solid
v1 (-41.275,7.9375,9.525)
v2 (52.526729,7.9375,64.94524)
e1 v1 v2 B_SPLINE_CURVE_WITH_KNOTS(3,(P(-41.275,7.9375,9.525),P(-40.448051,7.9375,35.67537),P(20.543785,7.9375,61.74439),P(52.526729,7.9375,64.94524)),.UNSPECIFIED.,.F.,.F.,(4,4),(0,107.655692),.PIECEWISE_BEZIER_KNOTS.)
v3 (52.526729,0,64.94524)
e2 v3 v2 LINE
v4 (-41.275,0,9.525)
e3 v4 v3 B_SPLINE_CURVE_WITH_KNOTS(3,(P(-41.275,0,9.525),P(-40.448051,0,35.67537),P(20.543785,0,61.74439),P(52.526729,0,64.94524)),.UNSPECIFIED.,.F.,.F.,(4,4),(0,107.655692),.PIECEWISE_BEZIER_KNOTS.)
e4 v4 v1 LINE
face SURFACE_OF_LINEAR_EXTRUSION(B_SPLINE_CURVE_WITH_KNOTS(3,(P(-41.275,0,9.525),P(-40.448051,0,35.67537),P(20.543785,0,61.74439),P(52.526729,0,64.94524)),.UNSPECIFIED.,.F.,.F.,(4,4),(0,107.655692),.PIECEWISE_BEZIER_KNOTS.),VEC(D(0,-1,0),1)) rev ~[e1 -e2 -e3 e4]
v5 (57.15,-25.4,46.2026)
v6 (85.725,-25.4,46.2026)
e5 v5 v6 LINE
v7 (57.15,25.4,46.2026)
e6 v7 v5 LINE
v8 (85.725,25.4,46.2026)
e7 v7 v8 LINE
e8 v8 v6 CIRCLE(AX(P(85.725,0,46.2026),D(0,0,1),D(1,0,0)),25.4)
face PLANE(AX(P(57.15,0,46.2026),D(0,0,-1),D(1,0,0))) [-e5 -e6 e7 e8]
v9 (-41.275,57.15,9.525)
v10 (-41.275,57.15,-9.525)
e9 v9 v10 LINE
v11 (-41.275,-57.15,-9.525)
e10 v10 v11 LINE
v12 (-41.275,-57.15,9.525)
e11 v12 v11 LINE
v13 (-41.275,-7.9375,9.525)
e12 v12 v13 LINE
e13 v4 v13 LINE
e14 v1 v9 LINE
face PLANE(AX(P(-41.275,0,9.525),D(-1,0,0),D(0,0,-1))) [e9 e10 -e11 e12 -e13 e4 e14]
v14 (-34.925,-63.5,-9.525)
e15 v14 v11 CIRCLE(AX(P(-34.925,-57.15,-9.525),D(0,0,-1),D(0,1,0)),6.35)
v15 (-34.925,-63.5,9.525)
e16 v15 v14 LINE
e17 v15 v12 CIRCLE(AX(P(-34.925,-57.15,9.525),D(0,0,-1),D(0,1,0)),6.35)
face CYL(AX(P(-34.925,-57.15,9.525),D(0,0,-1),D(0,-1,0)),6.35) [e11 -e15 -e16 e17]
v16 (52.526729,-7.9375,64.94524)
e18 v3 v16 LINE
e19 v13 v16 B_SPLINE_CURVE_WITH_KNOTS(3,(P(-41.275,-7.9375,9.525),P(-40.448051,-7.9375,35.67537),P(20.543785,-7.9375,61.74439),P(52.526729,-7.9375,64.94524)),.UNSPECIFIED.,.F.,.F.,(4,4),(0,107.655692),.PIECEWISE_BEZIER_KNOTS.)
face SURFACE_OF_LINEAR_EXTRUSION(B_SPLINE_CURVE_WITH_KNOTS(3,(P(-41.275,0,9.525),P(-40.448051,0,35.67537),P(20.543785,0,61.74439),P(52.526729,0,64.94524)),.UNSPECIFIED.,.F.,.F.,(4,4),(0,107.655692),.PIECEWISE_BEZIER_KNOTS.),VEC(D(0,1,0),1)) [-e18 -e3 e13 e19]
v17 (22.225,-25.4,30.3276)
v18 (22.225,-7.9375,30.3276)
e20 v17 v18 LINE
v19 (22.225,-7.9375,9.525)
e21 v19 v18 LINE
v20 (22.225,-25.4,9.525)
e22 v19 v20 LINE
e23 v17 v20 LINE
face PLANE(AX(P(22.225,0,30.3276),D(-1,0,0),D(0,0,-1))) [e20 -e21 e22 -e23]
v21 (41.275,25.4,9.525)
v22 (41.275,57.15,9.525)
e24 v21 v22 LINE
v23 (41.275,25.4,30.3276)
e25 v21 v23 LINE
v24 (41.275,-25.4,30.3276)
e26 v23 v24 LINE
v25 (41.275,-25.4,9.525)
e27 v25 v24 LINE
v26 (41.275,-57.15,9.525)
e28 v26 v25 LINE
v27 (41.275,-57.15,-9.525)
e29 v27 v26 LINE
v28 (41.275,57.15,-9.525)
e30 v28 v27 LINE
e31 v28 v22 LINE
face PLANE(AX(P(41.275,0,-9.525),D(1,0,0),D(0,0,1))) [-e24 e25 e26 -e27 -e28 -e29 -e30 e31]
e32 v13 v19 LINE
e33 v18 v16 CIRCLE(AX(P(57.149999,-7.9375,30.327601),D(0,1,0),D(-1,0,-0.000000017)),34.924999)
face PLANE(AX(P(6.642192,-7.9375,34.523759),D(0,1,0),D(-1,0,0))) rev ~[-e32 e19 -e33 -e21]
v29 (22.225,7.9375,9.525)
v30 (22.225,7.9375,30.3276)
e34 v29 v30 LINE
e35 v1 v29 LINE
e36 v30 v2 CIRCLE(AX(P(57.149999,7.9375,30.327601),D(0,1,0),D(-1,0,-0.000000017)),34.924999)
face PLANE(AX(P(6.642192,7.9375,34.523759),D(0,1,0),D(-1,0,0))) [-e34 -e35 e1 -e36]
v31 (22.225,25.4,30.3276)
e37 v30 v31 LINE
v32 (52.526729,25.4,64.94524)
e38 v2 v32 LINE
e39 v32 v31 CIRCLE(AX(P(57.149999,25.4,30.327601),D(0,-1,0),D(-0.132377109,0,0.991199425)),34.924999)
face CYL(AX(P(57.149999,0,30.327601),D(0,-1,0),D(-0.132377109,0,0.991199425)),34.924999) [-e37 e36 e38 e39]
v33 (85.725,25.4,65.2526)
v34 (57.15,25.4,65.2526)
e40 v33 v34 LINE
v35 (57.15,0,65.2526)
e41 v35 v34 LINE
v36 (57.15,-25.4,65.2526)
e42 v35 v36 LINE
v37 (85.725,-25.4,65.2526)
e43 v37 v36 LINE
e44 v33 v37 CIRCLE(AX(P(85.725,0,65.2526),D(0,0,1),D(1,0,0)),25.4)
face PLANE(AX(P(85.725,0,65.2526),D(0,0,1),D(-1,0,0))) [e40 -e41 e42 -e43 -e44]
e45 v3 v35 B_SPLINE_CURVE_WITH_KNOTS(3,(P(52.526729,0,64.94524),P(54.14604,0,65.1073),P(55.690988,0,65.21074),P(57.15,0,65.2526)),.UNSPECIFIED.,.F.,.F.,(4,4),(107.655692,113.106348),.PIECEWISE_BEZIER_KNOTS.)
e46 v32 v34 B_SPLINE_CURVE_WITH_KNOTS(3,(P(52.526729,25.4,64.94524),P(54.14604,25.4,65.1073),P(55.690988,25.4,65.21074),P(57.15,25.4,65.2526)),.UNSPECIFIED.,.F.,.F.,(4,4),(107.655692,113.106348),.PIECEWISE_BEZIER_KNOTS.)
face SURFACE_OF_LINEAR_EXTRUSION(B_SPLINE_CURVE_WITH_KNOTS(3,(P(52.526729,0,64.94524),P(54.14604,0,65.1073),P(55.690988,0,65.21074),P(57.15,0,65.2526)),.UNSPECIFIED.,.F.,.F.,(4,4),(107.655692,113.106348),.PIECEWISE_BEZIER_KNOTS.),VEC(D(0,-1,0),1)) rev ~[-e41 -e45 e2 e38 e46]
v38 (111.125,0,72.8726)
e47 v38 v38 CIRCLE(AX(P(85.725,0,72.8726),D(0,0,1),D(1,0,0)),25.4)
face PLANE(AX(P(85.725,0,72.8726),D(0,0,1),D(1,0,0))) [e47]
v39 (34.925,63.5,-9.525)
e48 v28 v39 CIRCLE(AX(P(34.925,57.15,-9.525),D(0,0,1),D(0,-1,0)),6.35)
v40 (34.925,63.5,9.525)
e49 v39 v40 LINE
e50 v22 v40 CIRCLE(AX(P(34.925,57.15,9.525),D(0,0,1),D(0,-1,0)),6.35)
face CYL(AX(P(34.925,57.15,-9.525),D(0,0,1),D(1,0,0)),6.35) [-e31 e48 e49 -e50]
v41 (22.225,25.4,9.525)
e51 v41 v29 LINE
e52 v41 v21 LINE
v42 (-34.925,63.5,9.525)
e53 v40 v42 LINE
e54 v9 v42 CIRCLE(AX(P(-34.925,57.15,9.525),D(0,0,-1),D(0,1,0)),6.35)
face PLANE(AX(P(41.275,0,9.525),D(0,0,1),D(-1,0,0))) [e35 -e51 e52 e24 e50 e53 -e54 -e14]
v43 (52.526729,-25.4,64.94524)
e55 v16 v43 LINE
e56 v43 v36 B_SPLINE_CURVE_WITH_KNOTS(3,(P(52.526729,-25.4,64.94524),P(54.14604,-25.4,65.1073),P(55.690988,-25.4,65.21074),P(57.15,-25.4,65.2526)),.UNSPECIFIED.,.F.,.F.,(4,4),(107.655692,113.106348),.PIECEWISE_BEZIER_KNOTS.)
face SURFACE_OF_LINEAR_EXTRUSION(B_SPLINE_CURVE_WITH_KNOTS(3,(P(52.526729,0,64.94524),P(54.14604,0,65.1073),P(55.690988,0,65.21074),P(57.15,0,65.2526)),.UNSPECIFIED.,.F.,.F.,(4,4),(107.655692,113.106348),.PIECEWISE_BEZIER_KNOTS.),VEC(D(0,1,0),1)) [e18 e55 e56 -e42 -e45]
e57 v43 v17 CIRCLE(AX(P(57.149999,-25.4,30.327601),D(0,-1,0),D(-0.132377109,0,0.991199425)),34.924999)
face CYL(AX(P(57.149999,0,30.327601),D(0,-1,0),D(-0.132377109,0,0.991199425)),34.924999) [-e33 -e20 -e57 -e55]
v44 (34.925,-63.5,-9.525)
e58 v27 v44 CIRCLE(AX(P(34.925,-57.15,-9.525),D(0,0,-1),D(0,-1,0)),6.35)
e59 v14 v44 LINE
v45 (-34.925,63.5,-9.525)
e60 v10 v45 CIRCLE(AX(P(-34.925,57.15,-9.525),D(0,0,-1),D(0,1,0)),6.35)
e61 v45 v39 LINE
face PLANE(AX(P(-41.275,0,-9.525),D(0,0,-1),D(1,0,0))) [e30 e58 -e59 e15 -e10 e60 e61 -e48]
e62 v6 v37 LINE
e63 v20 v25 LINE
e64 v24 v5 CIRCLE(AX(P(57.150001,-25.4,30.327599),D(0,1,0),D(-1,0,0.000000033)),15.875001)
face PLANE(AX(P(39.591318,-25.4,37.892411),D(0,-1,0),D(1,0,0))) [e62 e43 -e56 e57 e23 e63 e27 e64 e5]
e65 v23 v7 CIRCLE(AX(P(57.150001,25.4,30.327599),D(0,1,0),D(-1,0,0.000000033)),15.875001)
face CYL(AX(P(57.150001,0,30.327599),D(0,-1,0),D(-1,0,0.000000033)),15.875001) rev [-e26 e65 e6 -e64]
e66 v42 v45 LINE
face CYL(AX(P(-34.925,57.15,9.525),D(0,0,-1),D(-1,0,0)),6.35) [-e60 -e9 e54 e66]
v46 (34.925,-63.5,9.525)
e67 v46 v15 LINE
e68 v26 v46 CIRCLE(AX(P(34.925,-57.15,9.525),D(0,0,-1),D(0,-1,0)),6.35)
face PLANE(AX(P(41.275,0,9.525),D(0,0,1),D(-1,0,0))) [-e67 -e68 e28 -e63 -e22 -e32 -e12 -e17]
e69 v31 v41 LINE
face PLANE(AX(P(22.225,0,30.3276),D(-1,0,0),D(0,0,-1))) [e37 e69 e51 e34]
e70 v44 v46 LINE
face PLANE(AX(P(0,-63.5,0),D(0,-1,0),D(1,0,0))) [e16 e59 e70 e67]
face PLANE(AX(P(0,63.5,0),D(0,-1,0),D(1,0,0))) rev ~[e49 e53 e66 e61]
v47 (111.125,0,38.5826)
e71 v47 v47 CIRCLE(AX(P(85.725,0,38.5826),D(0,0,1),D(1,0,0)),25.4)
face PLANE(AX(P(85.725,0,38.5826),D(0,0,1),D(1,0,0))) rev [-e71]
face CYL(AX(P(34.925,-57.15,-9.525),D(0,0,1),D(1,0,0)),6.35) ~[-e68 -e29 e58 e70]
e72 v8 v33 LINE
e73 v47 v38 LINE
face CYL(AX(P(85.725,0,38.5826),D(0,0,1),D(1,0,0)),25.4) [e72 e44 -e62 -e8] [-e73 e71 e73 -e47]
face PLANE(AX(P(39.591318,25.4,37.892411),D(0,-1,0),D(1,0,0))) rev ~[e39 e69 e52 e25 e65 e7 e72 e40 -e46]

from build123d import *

# Parameters (mm, degrees)
F1_DEPTH = 63.5
F2_DEPTH = 25.4
F3_DEPTH = 7.9375
F5_R     = 6.35


with BuildPart() as f1:
    # F0 (on Front) → F1 (new body, symmetric)
    with BuildSketch(Plane.XZ):
        Polygon((22.225, 9.525), (-41.275, 9.525), (-41.275, -9.525), (41.275, -9.525), (41.275, 9.525), align=None)
    extrude(amount=F1_DEPTH, both=True)

    # F0 (on Front) → F2 (join, symmetric)
    with BuildSketch(Plane.XZ):
        with BuildLine():
            Line((22.225, 30.3276), (22.225, 9.525))
            Line((22.225, 9.525), (41.275, 9.525))
            Line((41.275, 9.525), (41.275, 30.3276))
            ThreePointArc((41.275, 30.3276), (45.92468, 41.55292), (57.15, 46.2026))
            Line((57.15, 46.2026), (60.325, 46.2026))
            Line((60.325, 46.2026), (60.325, 65.2526))
            Line((60.325, 65.2526), (57.15, 65.2526))
            add(Edge.make_bspline(
                [(52.526729, 64.94524), (54.14604, 65.1073), (55.690988, 65.21074), (57.15, 65.2526)],
                knots=[107.655692, 107.655692, 107.655692, 107.655692, 113.106348, 113.106348, 113.106348, 113.106348], degree=3))
            ThreePointArc((52.526729, 64.94524), (30.870508, 53.330729), (22.225, 30.3276))
        make_face()
        Polygon((85.725, 65.2526), (60.325, 65.2526), (60.325, 46.2026), (85.725, 46.2026), (85.725, 52.8701), align=None)
    extrude(amount=F2_DEPTH, both=True)

    # F0 (on Front) → F3 (join, symmetric)
    with BuildSketch(Plane.XZ):
        with BuildLine():
            add(Edge.make_bspline(
                [(-41.275, 9.525), (-40.448051, 35.67537), (20.543785, 61.74439), (52.526729, 64.94524)],
                knots=[0, 0, 0, 0, 107.655692, 107.655692, 107.655692, 107.655692], degree=3))
            Line((-41.275, 9.525), (22.225, 9.525))
            Line((22.225, 9.525), (22.225, 30.3276))
            ThreePointArc((22.225, 30.3276), (30.870508, 53.330729), (52.526729, 64.94524))
        make_face()
    extrude(amount=F3_DEPTH, both=True)

    # F0 (on Front) → F4 (revolve)
    with BuildSketch(Plane.XZ):
        Polygon((85.725, 67.1576), (85.725, 65.2526), (85.725, 52.8701), (85.725, 46.2026), (85.725, 38.5826), (111.125, 38.5826), (111.125, 44.2976), (111.125, 67.1576), (111.125, 72.8726), (85.725, 72.8726), align=None)
    revolve(axis=Axis((85.725, 0, 60.01385), (0, 0, 1)))

    # F5
    f5_edges = [f1.edges().sort_by_distance(p)[0] for p in [
        (41.275, -63.5, 0),
        (41.275, 63.5, 0),
        (-41.275, 63.5, 0),
        (-41.275, -63.5, 0),
    ]]
    fillet(f5_edges, radius=F5_R)


solid = f1.part
